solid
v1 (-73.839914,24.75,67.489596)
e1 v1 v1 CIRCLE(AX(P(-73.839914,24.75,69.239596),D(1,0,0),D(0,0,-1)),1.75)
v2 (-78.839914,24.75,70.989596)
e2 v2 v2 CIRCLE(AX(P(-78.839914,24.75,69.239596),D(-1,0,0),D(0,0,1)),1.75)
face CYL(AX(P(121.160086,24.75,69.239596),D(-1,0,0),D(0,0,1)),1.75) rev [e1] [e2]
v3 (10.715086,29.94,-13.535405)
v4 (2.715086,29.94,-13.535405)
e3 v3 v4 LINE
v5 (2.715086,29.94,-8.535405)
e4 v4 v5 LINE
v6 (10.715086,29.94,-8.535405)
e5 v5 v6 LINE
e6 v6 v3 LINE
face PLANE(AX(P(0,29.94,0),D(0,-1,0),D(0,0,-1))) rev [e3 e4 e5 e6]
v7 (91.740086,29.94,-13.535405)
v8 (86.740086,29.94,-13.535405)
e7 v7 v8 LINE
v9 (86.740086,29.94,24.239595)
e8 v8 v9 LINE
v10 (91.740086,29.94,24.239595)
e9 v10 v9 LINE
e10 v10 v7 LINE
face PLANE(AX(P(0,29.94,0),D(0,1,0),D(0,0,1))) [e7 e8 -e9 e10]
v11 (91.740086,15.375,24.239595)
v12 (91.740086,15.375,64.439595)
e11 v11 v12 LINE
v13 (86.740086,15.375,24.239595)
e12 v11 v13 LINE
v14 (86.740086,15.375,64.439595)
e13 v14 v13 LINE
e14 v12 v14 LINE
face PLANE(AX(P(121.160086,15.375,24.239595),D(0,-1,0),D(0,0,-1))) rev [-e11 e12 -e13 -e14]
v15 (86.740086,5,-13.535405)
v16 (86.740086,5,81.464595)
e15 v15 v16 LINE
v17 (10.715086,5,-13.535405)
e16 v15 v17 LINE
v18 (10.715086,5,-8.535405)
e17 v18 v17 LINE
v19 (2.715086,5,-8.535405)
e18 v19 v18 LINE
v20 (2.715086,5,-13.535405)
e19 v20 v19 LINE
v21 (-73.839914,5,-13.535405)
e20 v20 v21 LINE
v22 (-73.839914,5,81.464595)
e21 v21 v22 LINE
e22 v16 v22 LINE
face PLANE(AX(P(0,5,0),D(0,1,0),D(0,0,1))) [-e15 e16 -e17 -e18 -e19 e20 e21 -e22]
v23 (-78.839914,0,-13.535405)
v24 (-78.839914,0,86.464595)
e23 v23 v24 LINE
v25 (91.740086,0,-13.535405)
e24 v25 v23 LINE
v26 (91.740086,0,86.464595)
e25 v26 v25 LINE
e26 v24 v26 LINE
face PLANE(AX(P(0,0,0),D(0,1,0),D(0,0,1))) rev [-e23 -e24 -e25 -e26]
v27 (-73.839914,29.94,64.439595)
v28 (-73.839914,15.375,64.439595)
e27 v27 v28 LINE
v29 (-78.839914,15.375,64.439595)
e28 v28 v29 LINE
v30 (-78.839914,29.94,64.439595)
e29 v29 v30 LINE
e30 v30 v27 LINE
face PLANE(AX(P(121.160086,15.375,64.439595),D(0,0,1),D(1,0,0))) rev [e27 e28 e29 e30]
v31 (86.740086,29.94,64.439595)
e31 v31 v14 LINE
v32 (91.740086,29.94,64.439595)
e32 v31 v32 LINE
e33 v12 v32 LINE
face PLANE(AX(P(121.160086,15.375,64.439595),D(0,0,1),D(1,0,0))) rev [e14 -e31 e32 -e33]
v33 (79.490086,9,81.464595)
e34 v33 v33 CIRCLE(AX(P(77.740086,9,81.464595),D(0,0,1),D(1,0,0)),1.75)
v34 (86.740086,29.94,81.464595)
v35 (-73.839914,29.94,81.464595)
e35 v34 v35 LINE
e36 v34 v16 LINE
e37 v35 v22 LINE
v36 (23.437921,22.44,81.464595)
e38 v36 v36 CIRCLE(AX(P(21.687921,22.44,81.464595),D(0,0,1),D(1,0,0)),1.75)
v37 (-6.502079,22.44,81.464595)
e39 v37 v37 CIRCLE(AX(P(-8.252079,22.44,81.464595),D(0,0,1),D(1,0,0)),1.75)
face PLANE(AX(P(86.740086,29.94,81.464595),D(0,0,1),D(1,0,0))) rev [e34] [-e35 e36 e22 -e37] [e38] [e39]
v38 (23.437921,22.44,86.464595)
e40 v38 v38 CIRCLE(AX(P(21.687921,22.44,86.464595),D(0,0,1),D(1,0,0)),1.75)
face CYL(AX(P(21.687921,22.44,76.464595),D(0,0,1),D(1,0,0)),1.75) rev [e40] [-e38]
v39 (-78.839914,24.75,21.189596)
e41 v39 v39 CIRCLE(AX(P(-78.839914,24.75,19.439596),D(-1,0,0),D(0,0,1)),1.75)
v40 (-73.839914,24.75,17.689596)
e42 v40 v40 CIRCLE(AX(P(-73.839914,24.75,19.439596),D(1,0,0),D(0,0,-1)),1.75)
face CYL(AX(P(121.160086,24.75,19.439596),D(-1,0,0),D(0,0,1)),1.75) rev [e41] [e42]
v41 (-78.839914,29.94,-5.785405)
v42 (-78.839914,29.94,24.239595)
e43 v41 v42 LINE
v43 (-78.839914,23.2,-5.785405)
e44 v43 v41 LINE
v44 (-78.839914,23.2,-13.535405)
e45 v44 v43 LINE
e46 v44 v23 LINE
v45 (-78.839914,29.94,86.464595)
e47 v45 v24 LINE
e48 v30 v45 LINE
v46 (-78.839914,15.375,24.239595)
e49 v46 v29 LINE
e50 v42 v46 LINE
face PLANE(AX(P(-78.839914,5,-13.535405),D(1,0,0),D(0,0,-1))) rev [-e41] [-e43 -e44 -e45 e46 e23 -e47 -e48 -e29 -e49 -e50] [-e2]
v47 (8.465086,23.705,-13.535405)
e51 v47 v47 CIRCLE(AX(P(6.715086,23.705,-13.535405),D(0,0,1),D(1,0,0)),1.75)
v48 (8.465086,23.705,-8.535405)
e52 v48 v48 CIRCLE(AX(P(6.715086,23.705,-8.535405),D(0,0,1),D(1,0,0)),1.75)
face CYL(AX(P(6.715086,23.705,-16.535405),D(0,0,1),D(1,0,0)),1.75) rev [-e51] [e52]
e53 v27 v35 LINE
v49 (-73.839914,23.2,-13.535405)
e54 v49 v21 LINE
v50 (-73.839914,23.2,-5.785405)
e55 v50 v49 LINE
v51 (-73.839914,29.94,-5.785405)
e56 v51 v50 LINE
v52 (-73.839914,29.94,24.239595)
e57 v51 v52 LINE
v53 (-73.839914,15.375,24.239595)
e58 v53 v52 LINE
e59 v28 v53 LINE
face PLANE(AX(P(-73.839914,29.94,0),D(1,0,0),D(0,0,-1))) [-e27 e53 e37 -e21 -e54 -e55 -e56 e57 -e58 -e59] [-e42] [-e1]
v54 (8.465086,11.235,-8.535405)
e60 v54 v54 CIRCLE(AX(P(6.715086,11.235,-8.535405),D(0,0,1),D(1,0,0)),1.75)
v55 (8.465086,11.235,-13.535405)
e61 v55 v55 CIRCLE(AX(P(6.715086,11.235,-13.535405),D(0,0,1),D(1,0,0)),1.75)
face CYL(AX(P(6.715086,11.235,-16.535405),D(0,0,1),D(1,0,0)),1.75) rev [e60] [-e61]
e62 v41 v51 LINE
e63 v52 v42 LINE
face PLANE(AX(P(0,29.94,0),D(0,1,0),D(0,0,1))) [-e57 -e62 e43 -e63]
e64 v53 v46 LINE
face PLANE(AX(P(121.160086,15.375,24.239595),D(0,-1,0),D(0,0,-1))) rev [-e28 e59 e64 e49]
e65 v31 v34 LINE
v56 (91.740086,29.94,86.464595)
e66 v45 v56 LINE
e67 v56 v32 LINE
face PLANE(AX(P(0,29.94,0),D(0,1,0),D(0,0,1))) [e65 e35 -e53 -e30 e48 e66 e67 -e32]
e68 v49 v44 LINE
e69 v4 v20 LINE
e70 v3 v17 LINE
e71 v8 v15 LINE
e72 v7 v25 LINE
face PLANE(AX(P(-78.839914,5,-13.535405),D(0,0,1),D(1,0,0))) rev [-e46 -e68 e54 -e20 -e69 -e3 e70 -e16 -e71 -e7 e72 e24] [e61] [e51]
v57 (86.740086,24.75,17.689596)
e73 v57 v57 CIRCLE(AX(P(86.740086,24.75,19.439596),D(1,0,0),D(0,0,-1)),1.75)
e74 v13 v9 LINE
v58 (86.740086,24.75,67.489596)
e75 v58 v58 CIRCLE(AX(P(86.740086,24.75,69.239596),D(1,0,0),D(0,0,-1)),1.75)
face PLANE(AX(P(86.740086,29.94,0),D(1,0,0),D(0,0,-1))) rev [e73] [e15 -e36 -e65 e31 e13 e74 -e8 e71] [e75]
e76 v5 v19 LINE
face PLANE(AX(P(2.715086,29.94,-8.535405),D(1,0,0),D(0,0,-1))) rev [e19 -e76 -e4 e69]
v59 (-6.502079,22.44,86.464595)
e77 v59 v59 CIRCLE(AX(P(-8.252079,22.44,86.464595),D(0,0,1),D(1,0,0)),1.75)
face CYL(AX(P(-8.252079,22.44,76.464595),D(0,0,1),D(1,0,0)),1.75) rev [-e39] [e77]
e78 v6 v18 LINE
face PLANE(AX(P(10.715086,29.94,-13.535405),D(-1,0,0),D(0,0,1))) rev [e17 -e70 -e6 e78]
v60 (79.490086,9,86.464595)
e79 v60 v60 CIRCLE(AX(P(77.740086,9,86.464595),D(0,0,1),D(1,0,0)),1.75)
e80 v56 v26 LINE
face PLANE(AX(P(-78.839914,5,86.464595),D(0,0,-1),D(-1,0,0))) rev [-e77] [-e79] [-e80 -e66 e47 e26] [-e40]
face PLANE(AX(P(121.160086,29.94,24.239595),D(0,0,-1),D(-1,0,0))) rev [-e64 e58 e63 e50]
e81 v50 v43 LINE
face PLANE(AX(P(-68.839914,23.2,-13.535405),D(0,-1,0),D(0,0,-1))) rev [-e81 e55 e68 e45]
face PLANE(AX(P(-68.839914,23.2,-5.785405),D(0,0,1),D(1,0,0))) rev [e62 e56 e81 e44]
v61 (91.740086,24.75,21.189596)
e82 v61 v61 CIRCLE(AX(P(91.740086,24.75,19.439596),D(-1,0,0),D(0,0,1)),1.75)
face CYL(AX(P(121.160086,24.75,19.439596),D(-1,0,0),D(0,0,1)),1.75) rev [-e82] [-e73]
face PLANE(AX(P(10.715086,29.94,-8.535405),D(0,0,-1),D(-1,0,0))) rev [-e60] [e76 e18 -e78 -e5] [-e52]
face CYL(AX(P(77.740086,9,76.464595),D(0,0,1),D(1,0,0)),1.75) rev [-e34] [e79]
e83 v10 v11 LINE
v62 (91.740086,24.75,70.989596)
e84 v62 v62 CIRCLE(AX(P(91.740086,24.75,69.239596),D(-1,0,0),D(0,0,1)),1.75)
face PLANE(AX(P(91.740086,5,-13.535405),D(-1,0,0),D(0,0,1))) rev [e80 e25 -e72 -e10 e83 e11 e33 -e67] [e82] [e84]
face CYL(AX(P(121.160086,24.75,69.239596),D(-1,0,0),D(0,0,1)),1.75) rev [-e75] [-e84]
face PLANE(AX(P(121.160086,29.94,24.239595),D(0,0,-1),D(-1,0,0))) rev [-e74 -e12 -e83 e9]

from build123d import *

# Parameters (mm, degrees)
SKETCH3_W           = 170.58
SKETCH3_H           = 100
BOSS_EXTRUDE1_DEPTH = 5
SKETCH4_W           = 5
SKETCH4_H           = 100
BOSS_EXTRUDE2_DEPTH = 24.94
SKETCH6_W           = 160.58
SKETCH6_H           = 5
BOSS_EXTRUDE3_DEPTH = 24.94
BOSS_EXTRUDE4_DEPTH = 24.94
SKETCH8_R           = 1.75
CUT_EXTRUDE1_DEPTH  = 8
SKETCH9_W           = 7.75
SKETCH9_H           = 6.74
CUT_EXTRUDE2_DEPTH  = 10
SKETCH12_W          = 40.2
SKETCH12_H          = 14.565
CUT_EXTRUDE4_DEPTH  = 200
SKETCH13_R          = 1.75
CUT_EXTRUDE5_DEPTH  = 200
SKETCH14_R          = 1.75
CUT_EXTRUDE6_DEPTH  = 10


with BuildPart() as part:
    # Sketch3 → Boss-Extrude1 (new body)
    with BuildSketch(Plane(origin=(0, 0, 0), x_dir=(1, 0, 0), z_dir=(0, 1, 0))):
        with Locations((6.45008576, -36.464595487)):
            Rectangle(SKETCH3_W, SKETCH3_H)
    extrude(amount=BOSS_EXTRUDE1_DEPTH)

    # Sketch4 → Boss-Extrude2 (add)
    with BuildSketch(Plane(origin=(0, 5, 0), x_dir=(1, 0, 0), z_dir=(0, 1, 0))):
        with Locations((89.24008576, -36.464595487)):
            Rectangle(SKETCH4_W, SKETCH4_H)
        with Locations((-76.33991424, -36.464595487)):
            Rectangle(SKETCH4_W, SKETCH4_H)
    extrude(amount=BOSS_EXTRUDE2_DEPTH)

    # Sketch6 → Boss-Extrude3 (add)
    with BuildSketch(Plane(origin=(0, 5, 0), x_dir=(1, 0, 0), z_dir=(0, 1, 0))):
        with Locations((6.45008576, -83.964595487)):
            Rectangle(SKETCH6_W, SKETCH6_H)
    extrude(amount=BOSS_EXTRUDE3_DEPTH)

    # Sketch7 → Boss-Extrude4 (add)
    with BuildSketch(Plane(origin=(0, 5, 0), x_dir=(1, 0, 0), z_dir=(0, 1, 0))):
        Polygon((6.45008576, 13.535404513), (2.715085759, 13.535404513), (2.715085759, 8.535404513), (10.715085759, 8.535404513), (10.715085759, 13.535404513), align=None)
    extrude(amount=BOSS_EXTRUDE4_DEPTH)

    # Sketch8 → Cut-Extrude1 (cut)
    with BuildSketch(Plane.XY.offset(-8.535404513)):
        with Locations((6.715085759, 11.235)):
            Circle(SKETCH8_R)
        with Locations((6.715085759, 23.705)):
            Circle(SKETCH8_R)
    extrude(amount=-CUT_EXTRUDE1_DEPTH, mode=Mode.SUBTRACT)

    # Sketch9 → Cut-Extrude2 (cut)
    with BuildSketch(Plane.ZY.offset(78.83991424)):
        with Locations((-9.660404513, 26.57)):
            Rectangle(SKETCH9_W, SKETCH9_H)
    extrude(amount=-CUT_EXTRUDE2_DEPTH, mode=Mode.SUBTRACT)

    # Sketch12 → Cut-Extrude4 (cut)
    with BuildSketch(Plane.ZY.offset(78.83991424)):
        with Locations((44.339595487, 22.6575)):
            Rectangle(SKETCH12_W, SKETCH12_H)
    extrude(amount=-CUT_EXTRUDE4_DEPTH, mode=Mode.SUBTRACT)

    # Sketch13 → Cut-Extrude5 (cut)
    with BuildSketch(Plane.ZY.offset(78.83991424)):
        with Locations((69.23959554, 24.75)):
            Circle(SKETCH13_R)
        with Locations((19.43959554, 24.75)):
            Circle(SKETCH13_R)
    extrude(amount=-CUT_EXTRUDE5_DEPTH, mode=Mode.SUBTRACT)

    # Sketch14 → Cut-Extrude6 (cut)
    with BuildSketch(Plane.XY.offset(86.464595487)):
        with Locations((21.687920531, 22.44)):
            Circle(SKETCH14_R)
        with Locations((-8.252079469, 22.44)):
            Circle(SKETCH14_R)
        with Locations((77.74008576, 9)):
            Circle(SKETCH14_R)
    extrude(amount=-CUT_EXTRUDE6_DEPTH, mode=Mode.SUBTRACT)


solid = part.part
